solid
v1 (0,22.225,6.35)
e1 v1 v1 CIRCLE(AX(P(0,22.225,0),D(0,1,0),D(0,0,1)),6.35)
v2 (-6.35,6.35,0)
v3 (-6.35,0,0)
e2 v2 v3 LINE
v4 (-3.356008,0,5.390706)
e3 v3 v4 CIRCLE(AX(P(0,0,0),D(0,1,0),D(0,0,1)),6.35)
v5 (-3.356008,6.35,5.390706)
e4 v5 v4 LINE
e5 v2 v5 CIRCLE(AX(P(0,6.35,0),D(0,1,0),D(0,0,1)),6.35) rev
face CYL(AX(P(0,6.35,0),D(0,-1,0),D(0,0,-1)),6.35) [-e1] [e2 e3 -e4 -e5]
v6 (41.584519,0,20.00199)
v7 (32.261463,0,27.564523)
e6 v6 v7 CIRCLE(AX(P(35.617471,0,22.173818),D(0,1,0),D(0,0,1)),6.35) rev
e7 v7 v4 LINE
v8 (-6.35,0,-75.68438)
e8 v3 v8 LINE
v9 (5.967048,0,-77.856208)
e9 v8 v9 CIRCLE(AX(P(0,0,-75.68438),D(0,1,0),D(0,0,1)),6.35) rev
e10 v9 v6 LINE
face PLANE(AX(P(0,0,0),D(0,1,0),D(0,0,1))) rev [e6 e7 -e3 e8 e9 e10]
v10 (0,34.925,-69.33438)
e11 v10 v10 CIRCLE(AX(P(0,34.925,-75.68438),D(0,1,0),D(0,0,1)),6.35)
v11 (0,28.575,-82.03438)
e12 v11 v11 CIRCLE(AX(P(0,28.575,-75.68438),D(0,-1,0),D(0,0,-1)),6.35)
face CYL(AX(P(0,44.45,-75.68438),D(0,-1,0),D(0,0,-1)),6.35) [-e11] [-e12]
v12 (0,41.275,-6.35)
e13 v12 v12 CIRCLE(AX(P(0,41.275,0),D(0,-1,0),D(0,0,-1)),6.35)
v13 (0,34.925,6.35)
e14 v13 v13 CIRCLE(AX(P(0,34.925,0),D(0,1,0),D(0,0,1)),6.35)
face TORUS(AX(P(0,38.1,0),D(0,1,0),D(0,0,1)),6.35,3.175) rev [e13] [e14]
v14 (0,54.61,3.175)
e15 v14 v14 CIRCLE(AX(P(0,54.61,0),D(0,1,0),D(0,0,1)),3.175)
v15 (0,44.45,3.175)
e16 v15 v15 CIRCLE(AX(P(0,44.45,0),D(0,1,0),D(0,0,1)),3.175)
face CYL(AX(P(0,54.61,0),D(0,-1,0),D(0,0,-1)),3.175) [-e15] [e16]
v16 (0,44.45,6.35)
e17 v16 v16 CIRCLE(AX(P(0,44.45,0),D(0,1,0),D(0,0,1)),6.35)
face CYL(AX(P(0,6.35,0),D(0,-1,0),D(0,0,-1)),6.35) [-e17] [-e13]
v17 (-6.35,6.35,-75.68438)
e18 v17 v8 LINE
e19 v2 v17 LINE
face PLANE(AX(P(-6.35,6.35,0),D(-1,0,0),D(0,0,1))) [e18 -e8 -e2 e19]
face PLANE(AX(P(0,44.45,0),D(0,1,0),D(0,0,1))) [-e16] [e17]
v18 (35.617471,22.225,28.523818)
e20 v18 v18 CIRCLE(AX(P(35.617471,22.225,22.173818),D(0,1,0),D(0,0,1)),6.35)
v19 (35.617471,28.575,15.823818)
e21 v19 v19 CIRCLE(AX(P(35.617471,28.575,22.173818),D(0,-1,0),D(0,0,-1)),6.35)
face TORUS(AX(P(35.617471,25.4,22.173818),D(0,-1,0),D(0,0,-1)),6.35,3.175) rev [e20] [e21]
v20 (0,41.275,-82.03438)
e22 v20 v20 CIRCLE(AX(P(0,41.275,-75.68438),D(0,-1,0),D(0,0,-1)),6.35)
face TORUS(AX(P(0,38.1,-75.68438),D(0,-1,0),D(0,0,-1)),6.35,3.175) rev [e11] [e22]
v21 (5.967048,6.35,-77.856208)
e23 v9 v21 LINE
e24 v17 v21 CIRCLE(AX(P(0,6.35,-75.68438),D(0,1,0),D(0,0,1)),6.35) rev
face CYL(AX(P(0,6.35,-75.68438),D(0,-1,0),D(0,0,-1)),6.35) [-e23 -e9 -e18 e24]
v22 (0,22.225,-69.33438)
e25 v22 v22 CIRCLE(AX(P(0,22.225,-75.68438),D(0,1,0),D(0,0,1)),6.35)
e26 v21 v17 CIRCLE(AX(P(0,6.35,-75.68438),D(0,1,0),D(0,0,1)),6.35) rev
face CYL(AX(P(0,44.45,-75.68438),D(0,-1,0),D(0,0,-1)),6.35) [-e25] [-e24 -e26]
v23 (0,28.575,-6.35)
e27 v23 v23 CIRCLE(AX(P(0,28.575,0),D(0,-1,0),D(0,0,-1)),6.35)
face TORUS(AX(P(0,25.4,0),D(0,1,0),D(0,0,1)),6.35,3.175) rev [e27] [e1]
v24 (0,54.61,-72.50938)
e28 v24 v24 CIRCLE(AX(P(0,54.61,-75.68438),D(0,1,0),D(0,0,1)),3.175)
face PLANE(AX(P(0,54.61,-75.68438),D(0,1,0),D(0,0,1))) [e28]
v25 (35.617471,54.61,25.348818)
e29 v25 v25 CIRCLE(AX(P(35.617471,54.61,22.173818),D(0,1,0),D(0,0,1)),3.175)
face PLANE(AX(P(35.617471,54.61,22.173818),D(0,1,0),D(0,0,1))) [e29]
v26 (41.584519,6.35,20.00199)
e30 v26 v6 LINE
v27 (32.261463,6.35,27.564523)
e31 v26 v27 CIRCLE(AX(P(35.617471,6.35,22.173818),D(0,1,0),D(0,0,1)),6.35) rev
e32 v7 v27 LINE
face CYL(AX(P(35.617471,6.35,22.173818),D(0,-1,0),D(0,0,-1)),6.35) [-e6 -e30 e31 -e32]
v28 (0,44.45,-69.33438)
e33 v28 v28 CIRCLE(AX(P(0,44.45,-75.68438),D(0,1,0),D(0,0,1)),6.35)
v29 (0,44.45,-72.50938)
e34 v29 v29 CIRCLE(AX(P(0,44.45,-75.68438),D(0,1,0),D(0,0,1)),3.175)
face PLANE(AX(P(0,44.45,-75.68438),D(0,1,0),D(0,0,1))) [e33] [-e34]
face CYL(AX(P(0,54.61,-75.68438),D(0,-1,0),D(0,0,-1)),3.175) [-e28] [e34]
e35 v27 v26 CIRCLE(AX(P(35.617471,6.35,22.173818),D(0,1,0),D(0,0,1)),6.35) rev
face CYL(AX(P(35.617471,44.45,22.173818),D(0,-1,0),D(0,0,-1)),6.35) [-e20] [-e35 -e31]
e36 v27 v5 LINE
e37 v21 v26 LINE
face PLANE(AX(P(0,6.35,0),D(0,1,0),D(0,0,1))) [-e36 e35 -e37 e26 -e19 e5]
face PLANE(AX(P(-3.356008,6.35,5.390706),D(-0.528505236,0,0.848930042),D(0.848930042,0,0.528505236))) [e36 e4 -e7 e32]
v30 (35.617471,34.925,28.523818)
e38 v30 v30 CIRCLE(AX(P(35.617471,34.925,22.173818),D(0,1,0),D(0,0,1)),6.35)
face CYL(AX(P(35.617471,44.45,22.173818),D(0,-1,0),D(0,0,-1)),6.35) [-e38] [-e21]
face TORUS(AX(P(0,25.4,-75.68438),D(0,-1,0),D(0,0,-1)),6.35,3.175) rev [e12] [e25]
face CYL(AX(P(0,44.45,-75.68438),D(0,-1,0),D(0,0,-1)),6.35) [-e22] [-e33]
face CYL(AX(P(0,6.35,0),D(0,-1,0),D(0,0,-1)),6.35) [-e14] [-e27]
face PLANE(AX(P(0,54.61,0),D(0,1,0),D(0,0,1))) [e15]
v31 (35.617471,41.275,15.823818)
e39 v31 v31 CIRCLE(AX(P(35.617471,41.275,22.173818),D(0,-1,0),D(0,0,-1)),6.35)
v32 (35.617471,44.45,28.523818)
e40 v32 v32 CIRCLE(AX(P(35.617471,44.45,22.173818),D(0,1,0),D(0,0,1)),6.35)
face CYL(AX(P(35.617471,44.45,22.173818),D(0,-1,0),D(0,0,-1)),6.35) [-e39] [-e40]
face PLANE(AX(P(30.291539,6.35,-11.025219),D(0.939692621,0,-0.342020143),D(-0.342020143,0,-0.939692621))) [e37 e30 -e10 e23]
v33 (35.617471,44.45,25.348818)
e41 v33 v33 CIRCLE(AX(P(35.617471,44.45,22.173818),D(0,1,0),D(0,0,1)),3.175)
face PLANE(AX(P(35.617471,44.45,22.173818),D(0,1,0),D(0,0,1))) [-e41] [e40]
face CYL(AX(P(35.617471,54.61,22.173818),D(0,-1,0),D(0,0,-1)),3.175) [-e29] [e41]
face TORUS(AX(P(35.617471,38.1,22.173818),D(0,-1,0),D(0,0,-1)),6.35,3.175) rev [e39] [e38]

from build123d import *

# Parameters (mm, degrees)
SKETCH1_R           = 6.350000000000003
SKETCH1_R_2         = 6.349999999999998
SKETCH1_R_3         = 6.35
BOSS_EXTRUDE1_DEPTH = 6.35
SKETCH1_4_R         = 6.349999999999998
SKETCH1_4_R_2       = 6.35
SKETCH1_4_R_3       = 6.350000000000003
BOSS_EXTRUDE2_DEPTH = 44.449999999999996
FILLET1_R           = 6.35
SKETCH3_R           = 3.175
SKETCH3_R_2         = 3.174999999999998
SKETCH3_R_3         = 3.174999999999999
BOSS_EXTRUDE3_DEPTH = 10.16
SKETCH4_R           = 3.175000000000005
SKETCH4_R_2         = 3.1750000000000016
SKETCH5_R           = 3.1749999999999976
SKETCH5_R_2         = 3.1750000000000016
SKETCH6_R           = 3.174999999999997
SKETCH6_R_2         = 3.1750000000000003


with BuildPart() as part:
    # Sketch1 → Boss-Extrude1 (new body)
    with BuildSketch(Plane(origin=(0, 0, 0), x_dir=(1, 0, 0), z_dir=(0, 1, 0))):
        with BuildLine():
            Line((30.226765369732554, -18.817809436848275), (5.390705765753413, -3.356008245978078))
            ThreePointArc((5.390705765753469, -3.3560082459779954), (1.4387483457917447, -6.184860806637569), (-3.3560083646981127, -5.3907056918437215))
            Line((-3.3560083646981127, -5.390705691843724), (32.26146256663769, -27.56452324757546))
            ThreePointArc((32.26146256663769, -27.56452324757546), (29.432610301605155, -23.612565911505385), (30.226765369732504, -18.817809436848364))
        make_face()
        with BuildLine():
            ThreePointArc((41.96747113548598, -22.173817682826357), (38.700638791307945, -27.725085754726088), (32.26146256663769, -27.56452324757546))
            Line((32.26146256663769, -27.56452324757546), (47.87493319782594, -37.284759977891774))
            Line((47.874933197825946, -37.28475997789178), (41.58451928792457, -20.001989801414197))
            ThreePointArc((41.58451928792457, -20.001989801414197), (41.87100036976582, -21.071151769683357), (41.96747113548598, -22.173817682826357))
        make_face()
        with BuildLine():
            ThreePointArc((6.349999999999998, 75.68437999999999), (5.2016154812350885, 72.04216962917084), (2.1718279101179707, 69.71733185800946))
            Line((2.1718279101179623, 69.71733185800946), (33.445643225368016, -16.206769540835808))
            ThreePointArc((33.445643225368, -16.20676954083583), (38.301097111382425, -16.41876324159873), (41.58451928792457, -20.001989801414197))
            Line((41.58451928792457, -20.001989801414197), (5.967048123074589, 77.85620796208907))
            ThreePointArc((5.967048123074587, 77.85620796208907), (6.253529226825584, 76.78704595541812), (6.349999999999998, 75.68437999999999))
        make_face()
        with BuildLine():
            ThreePointArc((-6.35, 7.8e-16), (-4.490128060534566, 4.490128060534587), (2.859e-14, 6.35))
            Line((0, 6.35), (0, 69.33438))
            ThreePointArc((2.703e-14, 69.33438), (-4.490128060534566, 71.1942519394654), (-6.349999999999998, 75.68437999999999))
            Line((-6.3500000000000005, 75.68437999999999), (-6.35, -2.22e-15))
        make_face()
        with BuildLine():
            Line((-6.350000000000001, 111.69701955457307), (-6.3500000000000005, 75.68437999999999))
            ThreePointArc((-6.349999999999998, 75.68437999999999), (-1.1026659554181295, 81.93790922682558), (5.967048123074587, 77.85620796208907))
            Line((5.967048123074589, 77.85620796208907), (-6.350000000000001, 111.69701955457307))
        make_face()
        with Locations((35.61747113548598, -22.173817682826357)):
            Circle(SKETCH1_R)
        with Locations((0, 75.68437999999999)):
            Circle(SKETCH1_R_2)
        Circle(SKETCH1_R_3)
        Polygon((0, 75.68437999999999), (35.61747113548598, -22.173817682826357), (0, 0), align=None)
    extrude(amount=BOSS_EXTRUDE1_DEPTH)

    # Sketch1<4> → Boss-Extrude2 (add)
    with BuildSketch(Plane(origin=(0, 0, 0), x_dir=(1, 0, 0), z_dir=(0, 1, 0))):
        with Locations(Location((0, 75.68437999999999, 0), (0, 0, 20))):
            Circle(SKETCH1_4_R)
        with Locations(Location((0, 0, 0), (0, 0, 180))):
            Circle(SKETCH1_4_R_2)
        with Locations(Location((35.61747113548598, -22.173817682826357, 0), (0, 0, 20))):
            Circle(SKETCH1_4_R_3)
    extrude(amount=BOSS_EXTRUDE2_DEPTH)

    # Fillet1
    fillet1_edges = [part.edges().sort_by_distance(p)[0] for p in [
        (47.87493319782594, 3.175, 37.28475997789178),
        (-6.350000000000001, 3.175, -111.69701955457307),
    ]]
    fillet(fillet1_edges, radius=FILLET1_R)

    # Sketch3 → Boss-Extrude3 (add)
    with BuildSketch(Plane(origin=(0, 44.449999999999996, 0), x_dir=(1, 0, 0), z_dir=(0, 1, 0))):
        with Locations(Location((0, 0, 0), (0, 0, 270))):
            Circle(SKETCH3_R)
        with Locations(Location((35.61747113548598, -22.173817682826357, 0), (0, 0, 270))):
            Circle(SKETCH3_R_2)
        with Locations(Location((0, 75.68437999999999, 0), (0, 0, 270))):
            Circle(SKETCH3_R_3)
    extrude(amount=BOSS_EXTRUDE3_DEPTH)

    # Sketch4 → Cut-Revolve1 (revolve, cut)
    with BuildSketch(Plane(origin=(35.61747113548597, 0, 22.173817682826357), x_dir=(0, 1, 0), z_dir=(0.8489300418509319, 0, 0.5285052355870989)), mode=Mode.PRIVATE) as cut_revolve1_sk:
        with Locations((38.099999999999994, 6.349999999999994)):
            Circle(SKETCH4_R)
        with Locations((25.399999999999995, 6.349999999999994)):
            Circle(SKETCH4_R_2)
    revolve(cut_revolve1_sk.sketch.rotate(Axis((35.61747113548598, 6.350000000000001, 22.173817682826357), (0, 1, 0)), 211.904515146), axis=Axis((35.61747113548598, 6.350000000000001, 22.173817682826357), (0, 1, 0)), mode=Mode.SUBTRACT)

    # Sketch5 → Cut-Revolve2 (revolve, cut)
    with BuildSketch(Plane(origin=(0, 0, 0), x_dir=(0, -1, 0), z_dir=(-0.8489300418509319, 0, -0.5285052355870989)), mode=Mode.PRIVATE) as cut_revolve2_sk:
        with Locations((-38.099999999999994, 6.349999999999999)):
            Circle(SKETCH5_R)
        with Locations((-25.399999999999995, 6.349999999999999)):
            Circle(SKETCH5_R_2)
    revolve(cut_revolve2_sk.sketch.rotate(Axis((0, 6.349999999999998, 0), (0, -1, 0)), 328.095484854), axis=Axis((0, 6.349999999999998, 0), (0, -1, 0)), mode=Mode.SUBTRACT)

    # Sketch6 → Cut-Revolve3 (revolve, cut)
    with BuildSketch(Plane(origin=(-24.32449085540351, 0, -66.83098936495286), x_dir=(0, 1, 0), z_dir=(-0.3420201433256631, 0, -0.9396926207859105)), mode=Mode.PRIVATE) as cut_revolve3_sk:
        with Locations((38.099999999999994, 32.23558249511394)):
            Circle(SKETCH6_R)
        with Locations((25.399999999999995, 32.23558249511394)):
            Circle(SKETCH6_R_2)
    revolve(cut_revolve3_sk.sketch.rotate(Axis((0, 6.350000000000001, -75.68437999999999), (0, 1, 0)), 70), axis=Axis((0, 6.350000000000001, -75.68437999999999), (0, 1, 0)), mode=Mode.SUBTRACT)


solid = part.part
